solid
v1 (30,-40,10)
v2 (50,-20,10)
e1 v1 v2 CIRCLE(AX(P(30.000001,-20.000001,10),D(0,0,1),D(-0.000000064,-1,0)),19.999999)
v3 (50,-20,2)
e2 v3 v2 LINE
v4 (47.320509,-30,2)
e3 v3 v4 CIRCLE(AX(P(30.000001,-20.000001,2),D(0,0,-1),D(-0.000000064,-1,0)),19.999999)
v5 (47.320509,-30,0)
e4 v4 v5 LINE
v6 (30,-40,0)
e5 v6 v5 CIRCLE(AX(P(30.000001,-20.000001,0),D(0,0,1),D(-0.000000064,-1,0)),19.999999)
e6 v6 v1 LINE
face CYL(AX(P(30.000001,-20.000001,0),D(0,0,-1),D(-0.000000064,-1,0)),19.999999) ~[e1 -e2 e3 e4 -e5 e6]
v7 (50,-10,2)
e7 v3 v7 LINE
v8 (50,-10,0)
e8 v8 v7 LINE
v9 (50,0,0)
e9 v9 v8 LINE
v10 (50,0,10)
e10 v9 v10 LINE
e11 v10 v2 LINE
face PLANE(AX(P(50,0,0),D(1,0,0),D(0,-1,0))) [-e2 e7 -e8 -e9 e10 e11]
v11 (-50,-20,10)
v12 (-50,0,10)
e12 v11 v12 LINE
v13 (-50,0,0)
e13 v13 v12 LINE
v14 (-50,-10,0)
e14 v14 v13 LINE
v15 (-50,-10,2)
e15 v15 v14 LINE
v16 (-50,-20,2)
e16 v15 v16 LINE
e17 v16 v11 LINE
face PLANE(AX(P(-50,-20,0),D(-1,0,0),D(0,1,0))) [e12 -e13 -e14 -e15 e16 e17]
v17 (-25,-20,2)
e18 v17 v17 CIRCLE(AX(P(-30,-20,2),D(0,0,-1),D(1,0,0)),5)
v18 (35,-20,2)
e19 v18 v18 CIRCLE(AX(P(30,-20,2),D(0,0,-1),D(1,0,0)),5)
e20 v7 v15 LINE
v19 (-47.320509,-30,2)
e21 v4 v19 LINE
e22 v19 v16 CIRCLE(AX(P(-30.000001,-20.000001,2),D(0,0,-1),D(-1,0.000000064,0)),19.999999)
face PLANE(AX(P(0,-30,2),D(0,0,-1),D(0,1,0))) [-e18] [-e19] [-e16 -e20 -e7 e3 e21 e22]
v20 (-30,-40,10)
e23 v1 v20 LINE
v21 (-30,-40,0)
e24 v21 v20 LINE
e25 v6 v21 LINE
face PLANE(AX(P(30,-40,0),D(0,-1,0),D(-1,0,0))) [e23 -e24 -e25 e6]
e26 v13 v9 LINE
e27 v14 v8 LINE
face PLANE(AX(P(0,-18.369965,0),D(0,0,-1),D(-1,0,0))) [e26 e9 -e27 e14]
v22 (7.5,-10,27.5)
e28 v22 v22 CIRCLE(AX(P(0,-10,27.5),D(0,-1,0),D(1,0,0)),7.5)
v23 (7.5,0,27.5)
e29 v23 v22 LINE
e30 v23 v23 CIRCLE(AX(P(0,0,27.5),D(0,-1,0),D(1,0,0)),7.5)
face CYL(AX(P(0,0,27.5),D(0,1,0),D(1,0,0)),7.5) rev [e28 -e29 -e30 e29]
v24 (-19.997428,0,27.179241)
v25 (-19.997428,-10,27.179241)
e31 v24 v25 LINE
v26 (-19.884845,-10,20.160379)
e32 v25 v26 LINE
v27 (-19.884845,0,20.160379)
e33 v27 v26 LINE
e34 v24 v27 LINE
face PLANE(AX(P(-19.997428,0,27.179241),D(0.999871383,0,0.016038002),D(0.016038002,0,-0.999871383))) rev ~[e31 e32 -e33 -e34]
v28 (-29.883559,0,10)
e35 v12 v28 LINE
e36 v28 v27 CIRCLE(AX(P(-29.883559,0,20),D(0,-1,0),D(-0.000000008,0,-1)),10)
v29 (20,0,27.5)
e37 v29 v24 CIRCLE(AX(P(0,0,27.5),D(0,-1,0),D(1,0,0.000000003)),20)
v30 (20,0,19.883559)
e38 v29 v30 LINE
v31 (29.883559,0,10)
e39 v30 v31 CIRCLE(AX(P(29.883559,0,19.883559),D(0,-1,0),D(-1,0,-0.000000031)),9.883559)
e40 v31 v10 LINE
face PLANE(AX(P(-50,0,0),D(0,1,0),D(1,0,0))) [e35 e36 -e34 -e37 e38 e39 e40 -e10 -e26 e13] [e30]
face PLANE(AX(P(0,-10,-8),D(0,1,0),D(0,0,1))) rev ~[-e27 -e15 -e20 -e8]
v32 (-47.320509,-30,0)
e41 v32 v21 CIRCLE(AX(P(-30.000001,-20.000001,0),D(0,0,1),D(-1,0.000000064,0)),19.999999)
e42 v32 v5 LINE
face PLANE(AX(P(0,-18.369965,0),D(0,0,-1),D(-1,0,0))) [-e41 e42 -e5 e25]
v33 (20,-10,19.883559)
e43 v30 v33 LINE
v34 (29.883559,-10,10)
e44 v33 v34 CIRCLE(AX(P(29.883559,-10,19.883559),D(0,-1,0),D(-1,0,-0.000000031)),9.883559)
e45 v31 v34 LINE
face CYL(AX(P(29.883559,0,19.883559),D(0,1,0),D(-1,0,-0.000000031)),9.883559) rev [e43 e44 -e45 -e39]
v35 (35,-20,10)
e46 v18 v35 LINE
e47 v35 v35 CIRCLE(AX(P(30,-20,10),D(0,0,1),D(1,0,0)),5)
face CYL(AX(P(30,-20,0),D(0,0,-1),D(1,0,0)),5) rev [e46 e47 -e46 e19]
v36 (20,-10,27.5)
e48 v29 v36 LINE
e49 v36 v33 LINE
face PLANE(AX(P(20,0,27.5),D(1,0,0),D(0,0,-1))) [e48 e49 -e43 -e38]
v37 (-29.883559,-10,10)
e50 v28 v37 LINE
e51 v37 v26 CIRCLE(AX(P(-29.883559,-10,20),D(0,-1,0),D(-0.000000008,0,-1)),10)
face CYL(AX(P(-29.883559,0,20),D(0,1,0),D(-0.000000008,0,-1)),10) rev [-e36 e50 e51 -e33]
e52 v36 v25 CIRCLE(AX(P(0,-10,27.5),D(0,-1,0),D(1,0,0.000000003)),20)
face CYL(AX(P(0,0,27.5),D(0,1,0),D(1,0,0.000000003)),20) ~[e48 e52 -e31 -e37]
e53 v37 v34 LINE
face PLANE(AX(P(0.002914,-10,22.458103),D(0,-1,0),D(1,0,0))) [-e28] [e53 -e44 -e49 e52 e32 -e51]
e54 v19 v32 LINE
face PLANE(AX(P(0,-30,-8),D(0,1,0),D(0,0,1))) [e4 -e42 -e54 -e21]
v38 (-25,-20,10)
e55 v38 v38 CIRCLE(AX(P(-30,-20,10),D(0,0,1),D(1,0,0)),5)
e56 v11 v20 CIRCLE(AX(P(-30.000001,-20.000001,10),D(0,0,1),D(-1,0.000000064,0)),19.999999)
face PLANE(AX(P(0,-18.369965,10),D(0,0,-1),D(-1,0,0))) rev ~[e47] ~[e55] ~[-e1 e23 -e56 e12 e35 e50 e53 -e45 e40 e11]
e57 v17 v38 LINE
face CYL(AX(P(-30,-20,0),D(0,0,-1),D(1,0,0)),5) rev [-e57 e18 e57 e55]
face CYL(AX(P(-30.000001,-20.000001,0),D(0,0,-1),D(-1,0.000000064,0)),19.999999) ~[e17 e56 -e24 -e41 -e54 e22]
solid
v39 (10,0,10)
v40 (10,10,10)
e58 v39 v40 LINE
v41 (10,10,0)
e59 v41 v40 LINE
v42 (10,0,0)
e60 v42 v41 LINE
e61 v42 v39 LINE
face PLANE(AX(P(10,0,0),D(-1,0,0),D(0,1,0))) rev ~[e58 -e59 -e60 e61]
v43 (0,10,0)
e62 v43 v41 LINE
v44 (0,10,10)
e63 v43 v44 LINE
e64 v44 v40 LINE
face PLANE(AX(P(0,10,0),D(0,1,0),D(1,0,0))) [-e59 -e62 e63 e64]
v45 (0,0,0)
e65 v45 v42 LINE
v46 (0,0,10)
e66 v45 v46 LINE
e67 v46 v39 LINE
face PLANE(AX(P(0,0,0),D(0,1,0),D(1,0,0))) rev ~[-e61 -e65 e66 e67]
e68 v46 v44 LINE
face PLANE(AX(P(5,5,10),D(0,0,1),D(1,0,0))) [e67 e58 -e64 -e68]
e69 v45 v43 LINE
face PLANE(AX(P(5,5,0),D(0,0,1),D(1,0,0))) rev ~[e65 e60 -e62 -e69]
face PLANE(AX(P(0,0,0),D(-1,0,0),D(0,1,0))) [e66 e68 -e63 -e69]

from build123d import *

# Parameters (mm, degrees)
SKETCH002_W  = 20
SKETCH002_H  = 10
PAD002_DEPTH = 60
SKETCH_R     = 5
PAD_DEPTH    = 10
SKETCH001_R  = 7.5
PAD001_DEPTH = 10
BOX_W        = 10
BOX_H        = 10
BOX_DEPTH    = 10


with BuildPart() as pad002:
    # Sketch002 → Pad002 (new body, symmetric)
    with BuildSketch(Plane.YZ):
        with Locations((-20, -3)):
            Rectangle(SKETCH002_W, SKETCH002_H)
    extrude(amount=PAD002_DEPTH, both=True)


with BuildPart() as pad:
    # Sketch → Pad (new body)
    with BuildSketch(Plane.XY):
        with BuildLine():
            Line((-50, 0), (50, 0))
            Line((50, 0), (50, -20))
            ThreePointArc((30, -40), (44.142136, -34.142136), (50, -20))
            Line((30, -40), (-30, -40))
            ThreePointArc((-50, -20), (-44.142136, -34.142136), (-30, -40))
            Line((-50, -20), (-50, 0))
        make_face()
        with Locations((-30, -20)):
            Circle(SKETCH_R, mode=Mode.SUBTRACT)
        with Locations((30, -20)):
            Circle(SKETCH_R, mode=Mode.SUBTRACT)
    extrude(amount=PAD_DEPTH)


with BuildPart() as cut:
    # Sketch001 → Pad001 (new body)
    with BuildSketch(Plane.XZ):
        with BuildLine():
            ThreePointArc((20, 27.5), (-0.160385, 47.499357), (-19.997428, 27.179241))
            Line((-19.997428, 27.179241), (-19.884845, 20.160379))
            ThreePointArc((-29.883559, 10), (-22.756014, 12.985864), (-19.884845, 20.160379))
            Line((-29.883559, 10), (29.883559, 10))
            ThreePointArc((20, 19.883559), (22.894827, 12.894828), (29.883559, 10))
            Line((20, 27.5), (20, 19.883559))
        make_face()
        with Locations((0, 27.5)):
            Circle(SKETCH001_R, mode=Mode.SUBTRACT)
    extrude(amount=PAD001_DEPTH)

    # Fusion: union Pad
    add(pad.part)

    # Cut: cut Pad002
    add(pad002.part, mode=Mode.SUBTRACT)


with BuildPart() as cubo:
    # Box → Box (new body)
    with BuildSketch(Plane.XY):
        with Locations((5, 5)):
            Rectangle(BOX_W, BOX_H)
    extrude(amount=BOX_DEPTH)


solid = Compound([cut.part, cubo.part])
